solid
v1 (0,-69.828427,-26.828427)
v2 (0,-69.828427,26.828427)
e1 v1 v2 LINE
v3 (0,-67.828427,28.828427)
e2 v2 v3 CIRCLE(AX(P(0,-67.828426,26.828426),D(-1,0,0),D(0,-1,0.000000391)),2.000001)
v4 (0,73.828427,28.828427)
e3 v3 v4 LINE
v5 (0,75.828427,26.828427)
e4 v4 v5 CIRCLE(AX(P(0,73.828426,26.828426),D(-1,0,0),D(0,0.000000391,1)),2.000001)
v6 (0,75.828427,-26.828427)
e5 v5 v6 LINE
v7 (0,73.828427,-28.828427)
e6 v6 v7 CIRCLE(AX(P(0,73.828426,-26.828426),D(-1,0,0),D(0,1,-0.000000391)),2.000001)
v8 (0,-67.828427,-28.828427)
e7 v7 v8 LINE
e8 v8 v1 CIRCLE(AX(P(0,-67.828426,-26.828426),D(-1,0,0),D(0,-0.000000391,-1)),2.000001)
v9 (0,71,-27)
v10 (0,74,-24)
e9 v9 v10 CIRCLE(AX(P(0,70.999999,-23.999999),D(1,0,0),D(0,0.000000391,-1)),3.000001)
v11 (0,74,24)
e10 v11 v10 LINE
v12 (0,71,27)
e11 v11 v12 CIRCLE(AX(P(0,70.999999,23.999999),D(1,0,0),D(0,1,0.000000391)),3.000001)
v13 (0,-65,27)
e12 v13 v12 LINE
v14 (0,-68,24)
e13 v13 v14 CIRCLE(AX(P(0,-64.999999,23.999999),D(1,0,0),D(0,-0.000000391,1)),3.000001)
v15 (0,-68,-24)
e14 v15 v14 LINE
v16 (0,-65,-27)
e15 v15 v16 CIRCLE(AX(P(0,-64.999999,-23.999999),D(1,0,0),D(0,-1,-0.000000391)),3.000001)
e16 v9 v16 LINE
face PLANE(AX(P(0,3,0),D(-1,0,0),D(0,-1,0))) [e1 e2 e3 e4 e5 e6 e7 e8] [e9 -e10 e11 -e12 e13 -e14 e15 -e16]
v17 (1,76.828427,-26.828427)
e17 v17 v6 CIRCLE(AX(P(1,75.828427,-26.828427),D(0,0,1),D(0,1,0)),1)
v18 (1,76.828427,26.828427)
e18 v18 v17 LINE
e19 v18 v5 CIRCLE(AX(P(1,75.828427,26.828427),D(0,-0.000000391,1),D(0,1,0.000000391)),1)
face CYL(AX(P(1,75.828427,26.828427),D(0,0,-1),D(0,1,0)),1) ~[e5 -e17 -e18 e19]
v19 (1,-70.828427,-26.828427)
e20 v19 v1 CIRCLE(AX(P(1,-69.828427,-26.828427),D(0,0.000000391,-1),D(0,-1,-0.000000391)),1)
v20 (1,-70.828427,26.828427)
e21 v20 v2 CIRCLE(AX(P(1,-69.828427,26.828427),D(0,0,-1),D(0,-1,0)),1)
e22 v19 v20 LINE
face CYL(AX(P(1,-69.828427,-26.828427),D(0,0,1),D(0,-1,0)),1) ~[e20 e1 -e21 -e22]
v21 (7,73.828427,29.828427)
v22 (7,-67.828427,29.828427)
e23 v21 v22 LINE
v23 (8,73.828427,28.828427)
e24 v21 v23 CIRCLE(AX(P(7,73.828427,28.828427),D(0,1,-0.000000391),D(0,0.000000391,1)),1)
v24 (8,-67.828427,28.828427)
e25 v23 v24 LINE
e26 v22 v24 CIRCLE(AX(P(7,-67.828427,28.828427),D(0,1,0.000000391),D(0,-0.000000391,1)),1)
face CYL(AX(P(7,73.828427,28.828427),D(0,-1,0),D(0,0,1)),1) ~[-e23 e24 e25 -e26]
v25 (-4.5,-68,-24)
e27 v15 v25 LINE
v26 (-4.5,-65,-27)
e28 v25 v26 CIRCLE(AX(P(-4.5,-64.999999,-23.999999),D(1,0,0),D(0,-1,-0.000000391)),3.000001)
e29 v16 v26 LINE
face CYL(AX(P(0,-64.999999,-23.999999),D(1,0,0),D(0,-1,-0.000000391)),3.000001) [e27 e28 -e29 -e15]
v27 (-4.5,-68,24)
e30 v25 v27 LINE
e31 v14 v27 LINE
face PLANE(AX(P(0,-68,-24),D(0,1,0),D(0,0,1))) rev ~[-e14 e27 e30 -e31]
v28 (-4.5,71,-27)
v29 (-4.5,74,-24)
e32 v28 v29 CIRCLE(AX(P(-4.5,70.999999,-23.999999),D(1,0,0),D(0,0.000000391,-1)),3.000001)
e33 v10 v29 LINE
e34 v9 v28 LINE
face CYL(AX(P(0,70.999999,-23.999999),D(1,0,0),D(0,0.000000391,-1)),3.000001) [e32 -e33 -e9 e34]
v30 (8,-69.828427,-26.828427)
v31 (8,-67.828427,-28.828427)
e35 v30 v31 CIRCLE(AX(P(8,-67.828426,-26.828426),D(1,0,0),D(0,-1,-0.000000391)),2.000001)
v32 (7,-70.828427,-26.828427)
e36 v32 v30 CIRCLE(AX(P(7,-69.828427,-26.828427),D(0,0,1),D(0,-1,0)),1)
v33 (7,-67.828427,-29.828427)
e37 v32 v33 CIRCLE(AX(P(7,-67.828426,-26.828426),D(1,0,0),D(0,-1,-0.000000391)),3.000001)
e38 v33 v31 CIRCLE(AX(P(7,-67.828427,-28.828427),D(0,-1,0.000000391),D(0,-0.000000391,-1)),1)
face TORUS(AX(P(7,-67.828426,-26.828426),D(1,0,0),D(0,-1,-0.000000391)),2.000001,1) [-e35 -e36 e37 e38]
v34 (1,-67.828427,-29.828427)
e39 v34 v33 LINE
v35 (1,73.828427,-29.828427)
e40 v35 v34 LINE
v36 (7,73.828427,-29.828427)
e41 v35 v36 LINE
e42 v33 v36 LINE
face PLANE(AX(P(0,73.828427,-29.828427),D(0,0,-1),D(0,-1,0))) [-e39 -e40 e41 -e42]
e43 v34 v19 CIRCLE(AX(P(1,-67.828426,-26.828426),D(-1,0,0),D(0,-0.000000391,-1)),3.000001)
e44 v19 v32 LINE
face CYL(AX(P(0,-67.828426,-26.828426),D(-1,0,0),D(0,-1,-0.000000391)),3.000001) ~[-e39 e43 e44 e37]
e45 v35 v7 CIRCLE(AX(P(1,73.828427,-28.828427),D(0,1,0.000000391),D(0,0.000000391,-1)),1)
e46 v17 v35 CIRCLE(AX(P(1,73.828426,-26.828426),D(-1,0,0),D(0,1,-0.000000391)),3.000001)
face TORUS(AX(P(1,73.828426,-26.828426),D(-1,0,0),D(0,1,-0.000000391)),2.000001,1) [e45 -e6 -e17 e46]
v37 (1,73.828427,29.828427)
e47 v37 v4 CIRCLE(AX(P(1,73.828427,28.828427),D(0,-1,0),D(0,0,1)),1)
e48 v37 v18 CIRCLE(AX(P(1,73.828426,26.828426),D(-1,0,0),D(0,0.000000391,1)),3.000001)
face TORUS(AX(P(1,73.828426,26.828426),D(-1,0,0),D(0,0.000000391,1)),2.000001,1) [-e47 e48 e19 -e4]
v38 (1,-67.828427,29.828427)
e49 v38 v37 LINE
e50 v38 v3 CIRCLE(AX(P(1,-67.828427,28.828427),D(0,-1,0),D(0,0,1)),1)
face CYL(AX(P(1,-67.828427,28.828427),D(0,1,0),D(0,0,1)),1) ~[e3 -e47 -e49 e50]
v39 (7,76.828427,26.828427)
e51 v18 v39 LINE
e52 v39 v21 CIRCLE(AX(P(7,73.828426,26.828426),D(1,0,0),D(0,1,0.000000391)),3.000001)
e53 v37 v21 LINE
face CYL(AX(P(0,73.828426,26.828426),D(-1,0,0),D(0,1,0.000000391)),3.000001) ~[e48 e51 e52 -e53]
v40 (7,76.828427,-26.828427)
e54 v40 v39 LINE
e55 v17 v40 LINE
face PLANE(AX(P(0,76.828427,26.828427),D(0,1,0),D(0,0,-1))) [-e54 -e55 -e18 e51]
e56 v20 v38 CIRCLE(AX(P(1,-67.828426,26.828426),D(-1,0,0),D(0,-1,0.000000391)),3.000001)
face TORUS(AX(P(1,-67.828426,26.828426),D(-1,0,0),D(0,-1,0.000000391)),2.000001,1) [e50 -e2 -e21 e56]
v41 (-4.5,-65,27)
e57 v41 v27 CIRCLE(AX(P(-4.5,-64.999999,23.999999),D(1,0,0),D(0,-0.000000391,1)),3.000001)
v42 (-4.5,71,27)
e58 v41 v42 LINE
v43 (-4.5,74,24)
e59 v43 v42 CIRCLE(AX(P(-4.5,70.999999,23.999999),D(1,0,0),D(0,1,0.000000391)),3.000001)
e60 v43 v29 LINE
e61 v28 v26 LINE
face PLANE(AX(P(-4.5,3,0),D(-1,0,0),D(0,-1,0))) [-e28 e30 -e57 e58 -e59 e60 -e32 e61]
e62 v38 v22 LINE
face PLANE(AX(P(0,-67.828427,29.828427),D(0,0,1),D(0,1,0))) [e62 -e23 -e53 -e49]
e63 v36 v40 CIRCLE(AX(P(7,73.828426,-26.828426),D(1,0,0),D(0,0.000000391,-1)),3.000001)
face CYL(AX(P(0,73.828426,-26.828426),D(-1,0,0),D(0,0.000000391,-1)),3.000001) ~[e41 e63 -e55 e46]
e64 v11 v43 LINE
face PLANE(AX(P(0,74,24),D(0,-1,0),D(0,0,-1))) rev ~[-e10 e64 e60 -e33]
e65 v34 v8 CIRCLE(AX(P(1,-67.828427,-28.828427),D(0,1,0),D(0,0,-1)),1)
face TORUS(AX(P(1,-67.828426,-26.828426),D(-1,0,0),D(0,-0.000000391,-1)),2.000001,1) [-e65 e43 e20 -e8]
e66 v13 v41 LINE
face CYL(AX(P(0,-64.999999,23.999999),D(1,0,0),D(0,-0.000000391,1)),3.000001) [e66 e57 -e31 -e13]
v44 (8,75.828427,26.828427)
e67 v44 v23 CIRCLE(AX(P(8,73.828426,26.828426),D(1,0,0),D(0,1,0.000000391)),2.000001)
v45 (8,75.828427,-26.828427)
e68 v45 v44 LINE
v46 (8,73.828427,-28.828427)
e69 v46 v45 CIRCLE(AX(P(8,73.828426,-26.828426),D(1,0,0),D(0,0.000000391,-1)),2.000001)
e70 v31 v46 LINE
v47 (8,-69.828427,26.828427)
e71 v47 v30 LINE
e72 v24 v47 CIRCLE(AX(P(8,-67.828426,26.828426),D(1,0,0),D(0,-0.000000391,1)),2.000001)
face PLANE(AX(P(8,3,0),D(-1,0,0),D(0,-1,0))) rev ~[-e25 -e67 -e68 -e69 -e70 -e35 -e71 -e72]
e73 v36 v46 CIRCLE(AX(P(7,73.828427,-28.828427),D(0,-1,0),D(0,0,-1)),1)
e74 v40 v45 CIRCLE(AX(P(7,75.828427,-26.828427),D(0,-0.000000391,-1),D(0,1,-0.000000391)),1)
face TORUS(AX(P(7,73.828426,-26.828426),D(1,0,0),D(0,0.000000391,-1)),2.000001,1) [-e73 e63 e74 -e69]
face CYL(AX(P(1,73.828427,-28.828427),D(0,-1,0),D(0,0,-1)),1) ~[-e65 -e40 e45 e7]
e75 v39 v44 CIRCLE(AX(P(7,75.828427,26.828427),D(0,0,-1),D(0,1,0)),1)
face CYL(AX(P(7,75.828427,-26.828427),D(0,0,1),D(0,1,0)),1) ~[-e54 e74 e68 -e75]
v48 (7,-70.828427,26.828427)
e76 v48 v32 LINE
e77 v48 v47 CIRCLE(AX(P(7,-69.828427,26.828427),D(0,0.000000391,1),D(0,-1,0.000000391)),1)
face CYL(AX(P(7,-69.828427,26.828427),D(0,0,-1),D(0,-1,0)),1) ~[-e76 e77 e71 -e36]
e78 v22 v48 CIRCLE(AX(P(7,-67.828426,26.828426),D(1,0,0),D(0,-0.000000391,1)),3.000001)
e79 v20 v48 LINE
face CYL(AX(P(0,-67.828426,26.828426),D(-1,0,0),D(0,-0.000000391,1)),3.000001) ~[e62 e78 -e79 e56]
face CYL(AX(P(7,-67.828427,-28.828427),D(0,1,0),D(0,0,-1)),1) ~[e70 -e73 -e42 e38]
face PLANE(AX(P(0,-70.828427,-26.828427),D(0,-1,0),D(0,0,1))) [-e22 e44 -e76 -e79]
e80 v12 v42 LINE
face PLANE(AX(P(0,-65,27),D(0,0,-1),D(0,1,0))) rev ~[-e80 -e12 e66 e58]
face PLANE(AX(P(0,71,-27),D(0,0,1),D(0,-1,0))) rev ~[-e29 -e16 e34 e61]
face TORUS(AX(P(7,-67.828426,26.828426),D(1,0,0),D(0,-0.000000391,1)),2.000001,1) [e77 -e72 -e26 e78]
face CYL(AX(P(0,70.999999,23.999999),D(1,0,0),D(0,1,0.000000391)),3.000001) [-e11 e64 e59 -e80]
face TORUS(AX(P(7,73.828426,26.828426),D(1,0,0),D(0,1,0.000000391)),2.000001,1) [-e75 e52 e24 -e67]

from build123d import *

# Parameters (mm, degrees)
PAD_DEPTH    = 4.5
PAD001_DEPTH = 8
FILLET_R     = 1


with BuildPart() as part:
    # Sketch → Pad (new body)
    with BuildSketch(Plane.YZ):
        with BuildLine():
            Line((-65, 27), (71, 27))
            ThreePointArc((74, 24), (73.12132, 26.12132), (71, 27))
            Line((74, 24), (74, -24))
            ThreePointArc((71, -27), (73.12132, -26.12132), (74, -24))
            Line((71, -27), (-65, -27))
            ThreePointArc((-68, -24), (-67.12132, -26.12132), (-65, -27))
            Line((-68, -24), (-68, 24))
            ThreePointArc((-65, 27), (-67.12132, 26.12132), (-68, 24))
        make_face()
    extrude(amount=-PAD_DEPTH)

    # Sketch001 → Pad001 (join)
    with BuildSketch(Plane.YZ):
        with BuildLine():
            Line((-67.828427, 29.828427), (73.828427, 29.828427))
            ThreePointArc((76.828427, 26.828427), (75.949747, 28.949747), (73.828427, 29.828427))
            Line((76.828427, 26.828427), (76.828427, -26.828427))
            ThreePointArc((73.828427, -29.828427), (75.949747, -28.949747), (76.828427, -26.828427))
            Line((73.828427, -29.828427), (-67.828427, -29.828427))
            ThreePointArc((-70.828427, -26.828427), (-69.949747, -28.949747), (-67.828427, -29.828427))
            Line((-70.828427, -26.828427), (-70.828427, 26.828427))
            ThreePointArc((-67.828427, 29.828427), (-69.949747, 28.949747), (-70.828427, 26.828427))
        make_face()
    extrude(amount=PAD001_DEPTH)

    # Fillet
    fillet_edges = [part.edges().sort_by_distance(p)[0] for p in [
        (0, 3, 29.828427),
        (0, -69.949747, 28.949747),
        (0, -70.828427, 0),
        (8, -69.949747, 28.949747),
        (8, -70.828427, 0),
        (8, 3, 29.828427),
        (0, -69.949747, -28.949747),
        (8, -69.949747, -28.949747),
        (8, 3, -29.828427),
        (0, 3, -29.828427),
        (0, 75.949747, -28.949747),
        (8, 75.949747, -28.949747),
        (0, 76.828427, 0),
        (8, 76.828427, 0),
        (0, 75.949747, 28.949747),
        (8, 75.949747, 28.949747),
    ]]
    fillet(fillet_edges, radius=FILLET_R)


solid = part.part
